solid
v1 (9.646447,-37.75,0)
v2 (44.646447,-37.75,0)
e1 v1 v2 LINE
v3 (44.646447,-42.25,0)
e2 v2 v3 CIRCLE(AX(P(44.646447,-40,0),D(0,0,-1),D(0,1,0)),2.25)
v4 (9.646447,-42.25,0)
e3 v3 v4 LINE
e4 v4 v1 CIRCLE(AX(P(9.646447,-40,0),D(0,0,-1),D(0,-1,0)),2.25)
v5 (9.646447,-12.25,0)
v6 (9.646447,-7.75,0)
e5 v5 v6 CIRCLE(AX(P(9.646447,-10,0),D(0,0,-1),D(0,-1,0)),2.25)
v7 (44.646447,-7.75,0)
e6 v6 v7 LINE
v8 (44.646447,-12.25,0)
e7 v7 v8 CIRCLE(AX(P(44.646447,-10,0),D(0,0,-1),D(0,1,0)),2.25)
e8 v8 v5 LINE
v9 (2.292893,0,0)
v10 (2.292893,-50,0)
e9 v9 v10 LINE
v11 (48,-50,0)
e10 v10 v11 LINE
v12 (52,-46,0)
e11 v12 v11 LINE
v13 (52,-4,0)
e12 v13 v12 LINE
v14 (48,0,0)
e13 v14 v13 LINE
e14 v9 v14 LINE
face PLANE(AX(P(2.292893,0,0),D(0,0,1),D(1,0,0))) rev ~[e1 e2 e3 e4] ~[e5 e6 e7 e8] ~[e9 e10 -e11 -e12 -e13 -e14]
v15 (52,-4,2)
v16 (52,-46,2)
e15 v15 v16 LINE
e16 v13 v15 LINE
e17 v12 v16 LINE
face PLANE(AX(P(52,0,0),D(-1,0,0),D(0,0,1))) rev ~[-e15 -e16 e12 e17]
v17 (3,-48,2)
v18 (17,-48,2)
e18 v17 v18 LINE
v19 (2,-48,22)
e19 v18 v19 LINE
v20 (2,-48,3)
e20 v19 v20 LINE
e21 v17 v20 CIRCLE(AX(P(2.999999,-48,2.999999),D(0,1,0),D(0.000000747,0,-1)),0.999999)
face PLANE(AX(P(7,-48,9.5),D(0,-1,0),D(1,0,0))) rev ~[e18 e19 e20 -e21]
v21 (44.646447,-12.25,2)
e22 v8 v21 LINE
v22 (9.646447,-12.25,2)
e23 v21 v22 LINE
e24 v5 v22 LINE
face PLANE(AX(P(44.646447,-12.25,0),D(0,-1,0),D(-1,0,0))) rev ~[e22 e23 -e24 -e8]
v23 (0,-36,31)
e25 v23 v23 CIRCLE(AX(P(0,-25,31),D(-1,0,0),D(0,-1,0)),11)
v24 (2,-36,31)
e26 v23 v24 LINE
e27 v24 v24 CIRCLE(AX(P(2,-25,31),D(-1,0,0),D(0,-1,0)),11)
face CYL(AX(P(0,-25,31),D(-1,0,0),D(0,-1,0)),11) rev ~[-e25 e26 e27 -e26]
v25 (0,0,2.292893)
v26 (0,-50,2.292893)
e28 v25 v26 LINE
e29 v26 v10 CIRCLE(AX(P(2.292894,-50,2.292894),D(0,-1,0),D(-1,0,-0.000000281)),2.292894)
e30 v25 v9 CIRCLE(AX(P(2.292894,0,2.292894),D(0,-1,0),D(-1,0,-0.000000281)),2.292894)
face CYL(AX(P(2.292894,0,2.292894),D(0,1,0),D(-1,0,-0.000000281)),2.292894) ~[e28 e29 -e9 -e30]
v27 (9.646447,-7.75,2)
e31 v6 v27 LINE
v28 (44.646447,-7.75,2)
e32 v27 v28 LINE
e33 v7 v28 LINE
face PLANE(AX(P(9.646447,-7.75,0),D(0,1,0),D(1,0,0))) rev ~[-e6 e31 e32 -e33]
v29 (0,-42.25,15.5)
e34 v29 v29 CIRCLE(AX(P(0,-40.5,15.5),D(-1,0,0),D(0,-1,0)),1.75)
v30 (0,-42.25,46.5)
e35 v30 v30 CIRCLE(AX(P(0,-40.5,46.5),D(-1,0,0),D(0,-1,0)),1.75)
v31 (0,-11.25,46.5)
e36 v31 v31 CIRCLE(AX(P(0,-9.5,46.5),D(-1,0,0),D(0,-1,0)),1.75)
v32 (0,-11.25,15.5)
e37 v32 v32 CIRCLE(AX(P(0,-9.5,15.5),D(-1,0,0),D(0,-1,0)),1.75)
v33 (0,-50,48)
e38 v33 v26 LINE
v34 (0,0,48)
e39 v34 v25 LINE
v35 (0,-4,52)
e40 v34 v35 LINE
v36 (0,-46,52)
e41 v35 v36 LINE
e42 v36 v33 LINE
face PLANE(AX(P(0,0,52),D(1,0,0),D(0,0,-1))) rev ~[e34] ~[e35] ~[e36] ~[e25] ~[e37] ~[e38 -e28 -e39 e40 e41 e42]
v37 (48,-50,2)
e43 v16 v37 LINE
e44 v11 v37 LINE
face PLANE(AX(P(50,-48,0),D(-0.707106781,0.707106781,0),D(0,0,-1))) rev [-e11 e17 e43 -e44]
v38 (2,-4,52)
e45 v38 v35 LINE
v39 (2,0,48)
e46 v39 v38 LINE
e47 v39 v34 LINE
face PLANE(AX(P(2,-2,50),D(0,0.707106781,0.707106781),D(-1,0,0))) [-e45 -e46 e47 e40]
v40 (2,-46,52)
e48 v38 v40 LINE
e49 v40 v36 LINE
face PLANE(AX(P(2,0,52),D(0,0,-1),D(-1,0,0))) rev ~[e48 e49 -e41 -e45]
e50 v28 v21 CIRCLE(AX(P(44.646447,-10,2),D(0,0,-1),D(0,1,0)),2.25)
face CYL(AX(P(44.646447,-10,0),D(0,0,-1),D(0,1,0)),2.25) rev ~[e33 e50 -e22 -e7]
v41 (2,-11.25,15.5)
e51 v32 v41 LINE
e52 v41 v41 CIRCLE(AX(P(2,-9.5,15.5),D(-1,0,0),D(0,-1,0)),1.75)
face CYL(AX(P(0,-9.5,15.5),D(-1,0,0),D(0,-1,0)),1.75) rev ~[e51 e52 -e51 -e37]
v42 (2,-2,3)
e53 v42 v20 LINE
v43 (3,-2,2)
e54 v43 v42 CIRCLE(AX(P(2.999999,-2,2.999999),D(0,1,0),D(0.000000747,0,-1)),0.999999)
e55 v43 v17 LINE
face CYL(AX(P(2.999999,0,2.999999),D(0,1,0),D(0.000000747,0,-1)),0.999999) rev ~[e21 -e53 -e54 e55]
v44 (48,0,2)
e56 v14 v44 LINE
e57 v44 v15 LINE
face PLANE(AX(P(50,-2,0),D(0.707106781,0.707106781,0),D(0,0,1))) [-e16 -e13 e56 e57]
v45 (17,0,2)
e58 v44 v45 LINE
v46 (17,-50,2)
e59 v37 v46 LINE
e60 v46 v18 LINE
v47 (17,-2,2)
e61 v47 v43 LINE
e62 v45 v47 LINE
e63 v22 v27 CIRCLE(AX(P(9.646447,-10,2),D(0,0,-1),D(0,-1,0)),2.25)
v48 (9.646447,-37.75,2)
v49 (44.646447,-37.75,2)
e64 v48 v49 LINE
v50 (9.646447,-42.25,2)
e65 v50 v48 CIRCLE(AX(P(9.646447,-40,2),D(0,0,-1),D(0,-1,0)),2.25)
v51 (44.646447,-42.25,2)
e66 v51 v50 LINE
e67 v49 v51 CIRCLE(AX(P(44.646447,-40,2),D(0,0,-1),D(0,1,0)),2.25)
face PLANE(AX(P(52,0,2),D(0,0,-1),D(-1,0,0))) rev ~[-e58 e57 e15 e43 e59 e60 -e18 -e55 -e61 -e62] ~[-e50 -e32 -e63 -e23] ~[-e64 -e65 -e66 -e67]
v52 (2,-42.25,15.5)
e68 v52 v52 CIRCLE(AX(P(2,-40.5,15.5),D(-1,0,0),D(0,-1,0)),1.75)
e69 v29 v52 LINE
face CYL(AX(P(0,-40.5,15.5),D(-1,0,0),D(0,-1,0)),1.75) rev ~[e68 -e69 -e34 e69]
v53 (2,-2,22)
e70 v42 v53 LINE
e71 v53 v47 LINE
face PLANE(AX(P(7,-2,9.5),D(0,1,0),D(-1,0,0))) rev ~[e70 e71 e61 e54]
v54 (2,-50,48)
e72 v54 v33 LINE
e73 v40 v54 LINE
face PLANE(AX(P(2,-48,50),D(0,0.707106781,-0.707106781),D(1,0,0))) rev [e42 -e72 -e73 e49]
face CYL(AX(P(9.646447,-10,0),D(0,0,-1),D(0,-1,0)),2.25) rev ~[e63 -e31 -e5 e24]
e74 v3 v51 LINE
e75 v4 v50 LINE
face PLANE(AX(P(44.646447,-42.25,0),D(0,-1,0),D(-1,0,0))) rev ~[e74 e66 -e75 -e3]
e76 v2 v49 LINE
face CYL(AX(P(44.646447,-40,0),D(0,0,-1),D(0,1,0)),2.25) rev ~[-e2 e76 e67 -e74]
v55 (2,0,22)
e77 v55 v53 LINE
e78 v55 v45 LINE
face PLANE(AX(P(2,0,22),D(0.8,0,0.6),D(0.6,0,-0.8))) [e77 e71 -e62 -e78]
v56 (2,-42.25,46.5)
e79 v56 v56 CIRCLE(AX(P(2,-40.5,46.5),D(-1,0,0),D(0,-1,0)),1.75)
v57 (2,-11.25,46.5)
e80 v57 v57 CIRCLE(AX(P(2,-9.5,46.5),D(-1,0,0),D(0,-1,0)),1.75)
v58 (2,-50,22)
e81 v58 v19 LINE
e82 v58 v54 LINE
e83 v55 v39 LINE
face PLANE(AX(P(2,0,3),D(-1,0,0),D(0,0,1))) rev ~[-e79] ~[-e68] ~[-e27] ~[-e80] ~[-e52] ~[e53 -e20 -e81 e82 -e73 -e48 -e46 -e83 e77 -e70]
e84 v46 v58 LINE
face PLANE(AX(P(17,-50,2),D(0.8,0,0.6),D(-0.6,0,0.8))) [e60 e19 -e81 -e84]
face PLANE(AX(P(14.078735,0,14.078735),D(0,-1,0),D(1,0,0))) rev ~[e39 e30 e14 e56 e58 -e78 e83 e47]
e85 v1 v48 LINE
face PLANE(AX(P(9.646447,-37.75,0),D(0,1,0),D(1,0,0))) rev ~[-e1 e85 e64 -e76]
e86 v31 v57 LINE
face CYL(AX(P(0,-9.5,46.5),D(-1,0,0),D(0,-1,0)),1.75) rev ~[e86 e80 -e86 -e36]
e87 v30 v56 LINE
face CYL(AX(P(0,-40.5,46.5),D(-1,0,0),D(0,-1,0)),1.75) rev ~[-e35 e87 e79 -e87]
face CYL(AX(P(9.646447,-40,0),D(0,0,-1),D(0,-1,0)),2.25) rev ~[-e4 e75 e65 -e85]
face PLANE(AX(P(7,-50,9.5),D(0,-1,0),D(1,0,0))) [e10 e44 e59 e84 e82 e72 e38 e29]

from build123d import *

# Parameters (mm, degrees)
F1_DEPTH = 50
F3_DEPTH = 2
F5_DEPTH = 2
F7_DEPTH = 52.001
F8_R     = 11
F8_R_2   = 1.75
F9_DEPTH = 52.001
F10_SIZE = 4


with BuildPart() as f1:
    # F0 (on Front) → F1 (new body)
    with BuildSketch(Plane.XZ):
        with BuildLine():
            Line((2, 52), (0, 52))
            Line((0, 52), (0, 2.292893))
            ThreePointArc((0, 2.292893), (0.671573, 0.671573), (2.292893, 0))
            Line((2.292893, 0), (52, 0))
            Line((52, 0), (52, 2))
            Line((52, 2), (3, 2))
            ThreePointArc((3, 2), (2.292893, 2.292893), (2, 3))
            Line((2, 3), (2, 52))
        make_face()
    extrude(amount=F1_DEPTH)

    # F2 (on face) → F3 (join)
    with BuildSketch(Plane.XZ.offset(50)):
        Polygon((17, 2), (2, 22), (2, 2), align=None)
    extrude(amount=-F3_DEPTH)

    # F4 (on face) → F5 (join)
    with BuildSketch(Plane(origin=(0, 0, 0), x_dir=(-1, 0, 0), z_dir=(0, 1, 0))):
        Polygon((-2, 2), (-2, 22), (-17, 2), align=None)
    extrude(amount=-F5_DEPTH)

    # F6 (on face) → F7 (cut, through all)
    with BuildSketch(Plane(origin=(0, 0, 0), x_dir=(1, 0, 0), z_dir=(0, 0, -1))):
        with BuildLine():
            Line((27.146447, 37.75), (44.646447, 37.75))
            ThreePointArc((44.646447, 37.75), (46.896447, 40), (44.646447, 42.25))
            Line((44.646447, 42.25), (27.146447, 42.25))
            Line((27.146447, 42.25), (9.646447, 42.25))
            ThreePointArc((9.646447, 42.25), (7.396447, 40), (9.646447, 37.75))
            Line((9.646447, 37.75), (27.146447, 37.75))
        make_face()
        with BuildLine():
            Line((27.146447, 12.25), (9.646447, 12.25))
            ThreePointArc((9.646447, 12.25), (7.396447, 10), (9.646447, 7.75))
            Line((9.646447, 7.75), (27.146447, 7.75))
            Line((27.146447, 7.75), (44.646447, 7.75))
            ThreePointArc((44.646447, 7.75), (46.896447, 10), (44.646447, 12.25))
            Line((44.646447, 12.25), (27.146447, 12.25))
        make_face()
    extrude(amount=-F7_DEPTH, mode=Mode.SUBTRACT)

    # F8 (on face) → F9 (cut, through all)
    with BuildSketch(Plane(origin=(0, 0, 0), x_dir=(0, -1, 0), z_dir=(-1, 0, 0))):
        with Locations((25, 31)):
            Circle(F8_R)
        with Locations((9.5, 46.5)):
            Circle(F8_R_2)
        with Locations((9.5, 15.5)):
            Circle(F8_R_2)
        with Locations((40.5, 15.5)):
            Circle(F8_R_2)
        with Locations((40.5, 46.5)):
            Circle(F8_R_2)
    extrude(amount=-F9_DEPTH, mode=Mode.SUBTRACT)

    # F10
    f10_edges = [f1.edges().sort_by_distance(p)[0] for p in [
        (1, 0, 52),
        (1, -50, 52),
        (52, 0, 1),
        (52, -50, 1),
    ]]
    chamfer(f10_edges, length=F10_SIZE)


solid = f1.part
